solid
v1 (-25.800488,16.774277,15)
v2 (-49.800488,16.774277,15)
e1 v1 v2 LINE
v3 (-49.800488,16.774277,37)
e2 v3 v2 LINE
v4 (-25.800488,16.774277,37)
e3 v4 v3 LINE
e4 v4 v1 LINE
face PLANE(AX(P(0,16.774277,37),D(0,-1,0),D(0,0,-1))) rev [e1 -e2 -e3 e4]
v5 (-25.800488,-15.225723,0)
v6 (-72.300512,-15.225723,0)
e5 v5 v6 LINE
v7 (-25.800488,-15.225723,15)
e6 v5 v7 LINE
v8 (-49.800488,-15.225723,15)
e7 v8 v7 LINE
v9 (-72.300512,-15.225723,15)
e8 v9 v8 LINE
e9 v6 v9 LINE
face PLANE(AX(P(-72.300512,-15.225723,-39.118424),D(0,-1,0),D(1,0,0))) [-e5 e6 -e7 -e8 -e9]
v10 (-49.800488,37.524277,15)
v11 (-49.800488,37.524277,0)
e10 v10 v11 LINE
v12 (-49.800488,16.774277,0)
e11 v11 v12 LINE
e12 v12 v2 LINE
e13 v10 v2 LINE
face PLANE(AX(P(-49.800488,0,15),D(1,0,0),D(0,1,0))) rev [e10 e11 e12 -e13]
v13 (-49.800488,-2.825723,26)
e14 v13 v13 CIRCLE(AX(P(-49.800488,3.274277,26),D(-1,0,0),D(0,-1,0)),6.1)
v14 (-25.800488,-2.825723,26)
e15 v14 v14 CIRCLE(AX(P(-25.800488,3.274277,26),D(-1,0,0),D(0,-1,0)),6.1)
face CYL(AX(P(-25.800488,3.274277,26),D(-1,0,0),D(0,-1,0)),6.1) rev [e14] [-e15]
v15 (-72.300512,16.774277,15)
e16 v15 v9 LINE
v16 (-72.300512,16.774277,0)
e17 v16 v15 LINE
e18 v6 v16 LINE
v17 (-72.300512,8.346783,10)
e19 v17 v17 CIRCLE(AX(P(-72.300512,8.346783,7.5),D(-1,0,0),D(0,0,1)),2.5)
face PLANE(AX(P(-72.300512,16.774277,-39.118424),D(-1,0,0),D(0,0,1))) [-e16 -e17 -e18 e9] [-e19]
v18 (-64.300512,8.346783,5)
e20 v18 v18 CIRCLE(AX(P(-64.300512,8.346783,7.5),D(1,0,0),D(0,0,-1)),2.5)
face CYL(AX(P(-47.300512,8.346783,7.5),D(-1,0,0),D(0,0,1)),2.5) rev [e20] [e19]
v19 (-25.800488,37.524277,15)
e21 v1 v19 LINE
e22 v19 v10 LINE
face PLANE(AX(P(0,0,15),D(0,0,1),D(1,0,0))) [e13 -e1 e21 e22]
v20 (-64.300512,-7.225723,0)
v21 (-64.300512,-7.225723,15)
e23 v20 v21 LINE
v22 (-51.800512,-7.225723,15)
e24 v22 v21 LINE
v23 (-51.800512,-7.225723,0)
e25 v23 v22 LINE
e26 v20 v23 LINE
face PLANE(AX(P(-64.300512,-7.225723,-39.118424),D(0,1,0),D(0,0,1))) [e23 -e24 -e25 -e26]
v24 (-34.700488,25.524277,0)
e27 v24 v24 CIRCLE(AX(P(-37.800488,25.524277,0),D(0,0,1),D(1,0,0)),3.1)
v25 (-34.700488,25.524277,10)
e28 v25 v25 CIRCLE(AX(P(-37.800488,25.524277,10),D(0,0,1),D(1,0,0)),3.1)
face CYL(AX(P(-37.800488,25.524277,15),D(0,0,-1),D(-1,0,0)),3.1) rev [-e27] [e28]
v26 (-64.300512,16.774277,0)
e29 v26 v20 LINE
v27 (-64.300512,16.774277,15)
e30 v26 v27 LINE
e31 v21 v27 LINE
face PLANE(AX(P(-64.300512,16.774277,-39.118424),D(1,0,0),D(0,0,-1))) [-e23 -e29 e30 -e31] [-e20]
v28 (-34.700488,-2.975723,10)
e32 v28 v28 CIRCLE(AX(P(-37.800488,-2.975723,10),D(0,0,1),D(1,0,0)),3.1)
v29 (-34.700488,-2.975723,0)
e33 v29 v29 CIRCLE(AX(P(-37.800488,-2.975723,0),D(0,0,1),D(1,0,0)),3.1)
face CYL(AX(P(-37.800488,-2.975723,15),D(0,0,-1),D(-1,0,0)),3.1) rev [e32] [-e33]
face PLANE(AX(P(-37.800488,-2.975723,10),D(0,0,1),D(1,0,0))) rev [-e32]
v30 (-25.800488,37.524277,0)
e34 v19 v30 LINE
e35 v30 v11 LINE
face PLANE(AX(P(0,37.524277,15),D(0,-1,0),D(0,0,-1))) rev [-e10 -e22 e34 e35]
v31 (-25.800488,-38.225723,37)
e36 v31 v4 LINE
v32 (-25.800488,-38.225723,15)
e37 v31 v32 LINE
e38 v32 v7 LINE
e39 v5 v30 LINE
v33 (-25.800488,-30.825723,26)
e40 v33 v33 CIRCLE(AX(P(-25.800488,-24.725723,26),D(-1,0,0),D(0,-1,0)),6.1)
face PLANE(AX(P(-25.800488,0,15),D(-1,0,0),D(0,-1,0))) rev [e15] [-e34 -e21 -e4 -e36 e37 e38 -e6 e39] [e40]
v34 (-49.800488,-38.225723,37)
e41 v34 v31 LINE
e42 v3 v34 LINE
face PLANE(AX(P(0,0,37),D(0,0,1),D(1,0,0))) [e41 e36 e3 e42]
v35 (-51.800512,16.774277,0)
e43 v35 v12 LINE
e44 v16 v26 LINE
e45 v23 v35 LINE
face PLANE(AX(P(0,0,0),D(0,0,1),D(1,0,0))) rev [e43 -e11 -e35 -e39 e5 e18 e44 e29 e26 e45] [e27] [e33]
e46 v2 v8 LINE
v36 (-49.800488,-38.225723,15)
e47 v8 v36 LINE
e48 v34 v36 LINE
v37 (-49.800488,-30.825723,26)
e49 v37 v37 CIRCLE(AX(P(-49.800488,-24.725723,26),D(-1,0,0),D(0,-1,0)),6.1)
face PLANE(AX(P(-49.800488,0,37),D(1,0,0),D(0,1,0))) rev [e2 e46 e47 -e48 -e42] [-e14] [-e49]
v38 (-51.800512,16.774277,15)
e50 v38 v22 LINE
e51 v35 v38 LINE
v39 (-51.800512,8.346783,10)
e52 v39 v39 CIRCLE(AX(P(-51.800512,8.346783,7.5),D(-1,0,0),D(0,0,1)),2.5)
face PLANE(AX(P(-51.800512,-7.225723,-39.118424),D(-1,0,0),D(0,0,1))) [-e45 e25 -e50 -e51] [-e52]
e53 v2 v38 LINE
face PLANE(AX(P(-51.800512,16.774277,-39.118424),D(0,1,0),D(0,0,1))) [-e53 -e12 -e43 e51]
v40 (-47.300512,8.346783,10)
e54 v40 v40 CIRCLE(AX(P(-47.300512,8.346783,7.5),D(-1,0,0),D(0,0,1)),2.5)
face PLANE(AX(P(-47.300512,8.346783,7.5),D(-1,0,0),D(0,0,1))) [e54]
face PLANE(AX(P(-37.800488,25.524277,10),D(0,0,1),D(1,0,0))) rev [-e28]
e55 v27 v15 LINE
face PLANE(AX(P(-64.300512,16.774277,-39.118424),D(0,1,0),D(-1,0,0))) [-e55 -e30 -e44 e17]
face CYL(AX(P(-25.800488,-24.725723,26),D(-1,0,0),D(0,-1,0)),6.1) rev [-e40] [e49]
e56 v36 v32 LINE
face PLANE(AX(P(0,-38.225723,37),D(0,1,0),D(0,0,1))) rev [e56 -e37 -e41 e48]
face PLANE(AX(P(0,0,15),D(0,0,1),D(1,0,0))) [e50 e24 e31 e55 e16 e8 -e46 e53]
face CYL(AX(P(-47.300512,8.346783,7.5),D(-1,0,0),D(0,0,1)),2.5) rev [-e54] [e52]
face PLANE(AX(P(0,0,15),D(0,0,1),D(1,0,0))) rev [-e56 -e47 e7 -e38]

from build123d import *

# Parameters (mm, degrees)
SKETCH1_R           = 3.1
SKETCH1_R_2         = 2.5
BOSS_EXTRUDE1_DEPTH = 15
SKETCH6_R           = 3.1
BOSS_EXTRUDE3_DEPTH = 5
BOSS_EXTRUDE4_DEPTH = 15
SKETCH8_R           = 2.5
CUT_EXTRUDE3_DEPTH  = 25
CUT_EXTRUDE4_DEPTH  = 16
SKETCH11_W          = 24
SKETCH11_H          = 0.25
BOSS_EXTRUDE5_DEPTH = 15
SKETCH12_W          = 24
SKETCH12_H          = 32
SKETCH12_H_2        = 23
BOSS_EXTRUDE6_DEPTH = 22
SKETCH13_R          = 6.1
CUT_EXTRUDE5_DEPTH  = 25


with BuildPart() as part:
    # Sketch1 → Boss-Extrude1 (new body)
    with BuildSketch(Plane.XY):
        with BuildLine():
            Line((-25.80048806, 37.524276553), (-49.80048806, 37.524276553))
            Line((-49.80048806, 37.524276553), (-49.80048806, -14.975723447))
            Line((-49.80048806, -14.975723447), (-41.80048806, -45.286414829))
            ThreePointArc((-41.80048806, -45.286414829), (-37.80048806, -49.286414829), (-33.80048806, -45.286414829))
            Line((-33.80048806, -45.286414829), (-25.80048806, -14.975723447))
            Line((-25.80048806, -14.975723447), (-25.80048806, 37.524276553))
        make_face()
        with Locations((-37.80048806, 25.524276553)):
            Circle(SKETCH1_R, mode=Mode.SUBTRACT)
        with Locations((-37.80048806, -2.975723447)):
            Circle(SKETCH1_R, mode=Mode.SUBTRACT)
        with Locations((-37.80048806, -45.286414829)):
            Circle(SKETCH1_R_2, mode=Mode.SUBTRACT)
    extrude(amount=BOSS_EXTRUDE1_DEPTH)

    # Sketch6 → Boss-Extrude3 (add)
    with BuildSketch(Plane.XY.offset(15)):
        with Locations((-37.80048806, -2.975723447)):
            Circle(SKETCH6_R)
        with Locations((-37.80048806, 25.524276553)):
            Circle(SKETCH6_R)
    extrude(amount=-BOSS_EXTRUDE3_DEPTH)

    # Sketch7 → Boss-Extrude4 (add)
    with BuildSketch(Plane.XY.offset(15)):
        Polygon((-51.800511672, 16.774276553), (-49.80048806, 16.774276553), (-49.80048806, -15.225723447), (-72.300511672, -15.225723447), (-72.300511672, 16.774276553), (-64.300511672, 16.774276553), (-64.300511672, -7.225723447), (-58.050499866, -7.225723447), (-51.800511672, -7.225723447), align=None)
    extrude(amount=-BOSS_EXTRUDE4_DEPTH)

    # Sketch8 → Cut-Extrude3 (cut)
    with BuildSketch(Plane.ZY.offset(72.300511672)):
        with Locations((7.5, 8.346782821)):
            Circle(SKETCH8_R)
    extrude(amount=-CUT_EXTRUDE3_DEPTH, mode=Mode.SUBTRACT)

    # Sketch10 → Cut-Extrude4 (cut, through all)
    with BuildSketch(Plane.XY.offset(15)):
        Polygon((-49.80048806, -15.225723447), (-49.80048806, -14.975723447), (-25.80048806, -14.975723447), (-25.80048806, -50.615055613), (-49.80048806, -50.615055613), align=None)
    extrude(amount=-CUT_EXTRUDE4_DEPTH, mode=Mode.SUBTRACT)

    # Sketch11 → Boss-Extrude5 (add)
    with BuildSketch(Plane.XY.offset(15)):
        with Locations((-37.80048806, -15.100723447)):
            Rectangle(SKETCH11_W, SKETCH11_H)
    extrude(amount=-BOSS_EXTRUDE5_DEPTH)

    # Sketch12 → Boss-Extrude6 (add)
    with BuildSketch(Plane.XY.offset(15)):
        with Locations((-37.80048806, 0.774276553)):
            Rectangle(SKETCH12_W, SKETCH12_H)
        with Locations((-37.80048806, -26.725723447)):
            Rectangle(SKETCH12_W, SKETCH12_H_2)
    extrude(amount=BOSS_EXTRUDE6_DEPTH)

    # Sketch13 → Cut-Extrude5 (cut, through all)
    with BuildSketch(Plane.ZY.offset(49.80048806)):
        with Locations((26, 3.274276553)):
            Circle(SKETCH13_R)
        with Locations((26, -24.725723447)):
            Circle(SKETCH13_R)
    extrude(amount=-CUT_EXTRUDE5_DEPTH, mode=Mode.SUBTRACT)


solid = part.part
